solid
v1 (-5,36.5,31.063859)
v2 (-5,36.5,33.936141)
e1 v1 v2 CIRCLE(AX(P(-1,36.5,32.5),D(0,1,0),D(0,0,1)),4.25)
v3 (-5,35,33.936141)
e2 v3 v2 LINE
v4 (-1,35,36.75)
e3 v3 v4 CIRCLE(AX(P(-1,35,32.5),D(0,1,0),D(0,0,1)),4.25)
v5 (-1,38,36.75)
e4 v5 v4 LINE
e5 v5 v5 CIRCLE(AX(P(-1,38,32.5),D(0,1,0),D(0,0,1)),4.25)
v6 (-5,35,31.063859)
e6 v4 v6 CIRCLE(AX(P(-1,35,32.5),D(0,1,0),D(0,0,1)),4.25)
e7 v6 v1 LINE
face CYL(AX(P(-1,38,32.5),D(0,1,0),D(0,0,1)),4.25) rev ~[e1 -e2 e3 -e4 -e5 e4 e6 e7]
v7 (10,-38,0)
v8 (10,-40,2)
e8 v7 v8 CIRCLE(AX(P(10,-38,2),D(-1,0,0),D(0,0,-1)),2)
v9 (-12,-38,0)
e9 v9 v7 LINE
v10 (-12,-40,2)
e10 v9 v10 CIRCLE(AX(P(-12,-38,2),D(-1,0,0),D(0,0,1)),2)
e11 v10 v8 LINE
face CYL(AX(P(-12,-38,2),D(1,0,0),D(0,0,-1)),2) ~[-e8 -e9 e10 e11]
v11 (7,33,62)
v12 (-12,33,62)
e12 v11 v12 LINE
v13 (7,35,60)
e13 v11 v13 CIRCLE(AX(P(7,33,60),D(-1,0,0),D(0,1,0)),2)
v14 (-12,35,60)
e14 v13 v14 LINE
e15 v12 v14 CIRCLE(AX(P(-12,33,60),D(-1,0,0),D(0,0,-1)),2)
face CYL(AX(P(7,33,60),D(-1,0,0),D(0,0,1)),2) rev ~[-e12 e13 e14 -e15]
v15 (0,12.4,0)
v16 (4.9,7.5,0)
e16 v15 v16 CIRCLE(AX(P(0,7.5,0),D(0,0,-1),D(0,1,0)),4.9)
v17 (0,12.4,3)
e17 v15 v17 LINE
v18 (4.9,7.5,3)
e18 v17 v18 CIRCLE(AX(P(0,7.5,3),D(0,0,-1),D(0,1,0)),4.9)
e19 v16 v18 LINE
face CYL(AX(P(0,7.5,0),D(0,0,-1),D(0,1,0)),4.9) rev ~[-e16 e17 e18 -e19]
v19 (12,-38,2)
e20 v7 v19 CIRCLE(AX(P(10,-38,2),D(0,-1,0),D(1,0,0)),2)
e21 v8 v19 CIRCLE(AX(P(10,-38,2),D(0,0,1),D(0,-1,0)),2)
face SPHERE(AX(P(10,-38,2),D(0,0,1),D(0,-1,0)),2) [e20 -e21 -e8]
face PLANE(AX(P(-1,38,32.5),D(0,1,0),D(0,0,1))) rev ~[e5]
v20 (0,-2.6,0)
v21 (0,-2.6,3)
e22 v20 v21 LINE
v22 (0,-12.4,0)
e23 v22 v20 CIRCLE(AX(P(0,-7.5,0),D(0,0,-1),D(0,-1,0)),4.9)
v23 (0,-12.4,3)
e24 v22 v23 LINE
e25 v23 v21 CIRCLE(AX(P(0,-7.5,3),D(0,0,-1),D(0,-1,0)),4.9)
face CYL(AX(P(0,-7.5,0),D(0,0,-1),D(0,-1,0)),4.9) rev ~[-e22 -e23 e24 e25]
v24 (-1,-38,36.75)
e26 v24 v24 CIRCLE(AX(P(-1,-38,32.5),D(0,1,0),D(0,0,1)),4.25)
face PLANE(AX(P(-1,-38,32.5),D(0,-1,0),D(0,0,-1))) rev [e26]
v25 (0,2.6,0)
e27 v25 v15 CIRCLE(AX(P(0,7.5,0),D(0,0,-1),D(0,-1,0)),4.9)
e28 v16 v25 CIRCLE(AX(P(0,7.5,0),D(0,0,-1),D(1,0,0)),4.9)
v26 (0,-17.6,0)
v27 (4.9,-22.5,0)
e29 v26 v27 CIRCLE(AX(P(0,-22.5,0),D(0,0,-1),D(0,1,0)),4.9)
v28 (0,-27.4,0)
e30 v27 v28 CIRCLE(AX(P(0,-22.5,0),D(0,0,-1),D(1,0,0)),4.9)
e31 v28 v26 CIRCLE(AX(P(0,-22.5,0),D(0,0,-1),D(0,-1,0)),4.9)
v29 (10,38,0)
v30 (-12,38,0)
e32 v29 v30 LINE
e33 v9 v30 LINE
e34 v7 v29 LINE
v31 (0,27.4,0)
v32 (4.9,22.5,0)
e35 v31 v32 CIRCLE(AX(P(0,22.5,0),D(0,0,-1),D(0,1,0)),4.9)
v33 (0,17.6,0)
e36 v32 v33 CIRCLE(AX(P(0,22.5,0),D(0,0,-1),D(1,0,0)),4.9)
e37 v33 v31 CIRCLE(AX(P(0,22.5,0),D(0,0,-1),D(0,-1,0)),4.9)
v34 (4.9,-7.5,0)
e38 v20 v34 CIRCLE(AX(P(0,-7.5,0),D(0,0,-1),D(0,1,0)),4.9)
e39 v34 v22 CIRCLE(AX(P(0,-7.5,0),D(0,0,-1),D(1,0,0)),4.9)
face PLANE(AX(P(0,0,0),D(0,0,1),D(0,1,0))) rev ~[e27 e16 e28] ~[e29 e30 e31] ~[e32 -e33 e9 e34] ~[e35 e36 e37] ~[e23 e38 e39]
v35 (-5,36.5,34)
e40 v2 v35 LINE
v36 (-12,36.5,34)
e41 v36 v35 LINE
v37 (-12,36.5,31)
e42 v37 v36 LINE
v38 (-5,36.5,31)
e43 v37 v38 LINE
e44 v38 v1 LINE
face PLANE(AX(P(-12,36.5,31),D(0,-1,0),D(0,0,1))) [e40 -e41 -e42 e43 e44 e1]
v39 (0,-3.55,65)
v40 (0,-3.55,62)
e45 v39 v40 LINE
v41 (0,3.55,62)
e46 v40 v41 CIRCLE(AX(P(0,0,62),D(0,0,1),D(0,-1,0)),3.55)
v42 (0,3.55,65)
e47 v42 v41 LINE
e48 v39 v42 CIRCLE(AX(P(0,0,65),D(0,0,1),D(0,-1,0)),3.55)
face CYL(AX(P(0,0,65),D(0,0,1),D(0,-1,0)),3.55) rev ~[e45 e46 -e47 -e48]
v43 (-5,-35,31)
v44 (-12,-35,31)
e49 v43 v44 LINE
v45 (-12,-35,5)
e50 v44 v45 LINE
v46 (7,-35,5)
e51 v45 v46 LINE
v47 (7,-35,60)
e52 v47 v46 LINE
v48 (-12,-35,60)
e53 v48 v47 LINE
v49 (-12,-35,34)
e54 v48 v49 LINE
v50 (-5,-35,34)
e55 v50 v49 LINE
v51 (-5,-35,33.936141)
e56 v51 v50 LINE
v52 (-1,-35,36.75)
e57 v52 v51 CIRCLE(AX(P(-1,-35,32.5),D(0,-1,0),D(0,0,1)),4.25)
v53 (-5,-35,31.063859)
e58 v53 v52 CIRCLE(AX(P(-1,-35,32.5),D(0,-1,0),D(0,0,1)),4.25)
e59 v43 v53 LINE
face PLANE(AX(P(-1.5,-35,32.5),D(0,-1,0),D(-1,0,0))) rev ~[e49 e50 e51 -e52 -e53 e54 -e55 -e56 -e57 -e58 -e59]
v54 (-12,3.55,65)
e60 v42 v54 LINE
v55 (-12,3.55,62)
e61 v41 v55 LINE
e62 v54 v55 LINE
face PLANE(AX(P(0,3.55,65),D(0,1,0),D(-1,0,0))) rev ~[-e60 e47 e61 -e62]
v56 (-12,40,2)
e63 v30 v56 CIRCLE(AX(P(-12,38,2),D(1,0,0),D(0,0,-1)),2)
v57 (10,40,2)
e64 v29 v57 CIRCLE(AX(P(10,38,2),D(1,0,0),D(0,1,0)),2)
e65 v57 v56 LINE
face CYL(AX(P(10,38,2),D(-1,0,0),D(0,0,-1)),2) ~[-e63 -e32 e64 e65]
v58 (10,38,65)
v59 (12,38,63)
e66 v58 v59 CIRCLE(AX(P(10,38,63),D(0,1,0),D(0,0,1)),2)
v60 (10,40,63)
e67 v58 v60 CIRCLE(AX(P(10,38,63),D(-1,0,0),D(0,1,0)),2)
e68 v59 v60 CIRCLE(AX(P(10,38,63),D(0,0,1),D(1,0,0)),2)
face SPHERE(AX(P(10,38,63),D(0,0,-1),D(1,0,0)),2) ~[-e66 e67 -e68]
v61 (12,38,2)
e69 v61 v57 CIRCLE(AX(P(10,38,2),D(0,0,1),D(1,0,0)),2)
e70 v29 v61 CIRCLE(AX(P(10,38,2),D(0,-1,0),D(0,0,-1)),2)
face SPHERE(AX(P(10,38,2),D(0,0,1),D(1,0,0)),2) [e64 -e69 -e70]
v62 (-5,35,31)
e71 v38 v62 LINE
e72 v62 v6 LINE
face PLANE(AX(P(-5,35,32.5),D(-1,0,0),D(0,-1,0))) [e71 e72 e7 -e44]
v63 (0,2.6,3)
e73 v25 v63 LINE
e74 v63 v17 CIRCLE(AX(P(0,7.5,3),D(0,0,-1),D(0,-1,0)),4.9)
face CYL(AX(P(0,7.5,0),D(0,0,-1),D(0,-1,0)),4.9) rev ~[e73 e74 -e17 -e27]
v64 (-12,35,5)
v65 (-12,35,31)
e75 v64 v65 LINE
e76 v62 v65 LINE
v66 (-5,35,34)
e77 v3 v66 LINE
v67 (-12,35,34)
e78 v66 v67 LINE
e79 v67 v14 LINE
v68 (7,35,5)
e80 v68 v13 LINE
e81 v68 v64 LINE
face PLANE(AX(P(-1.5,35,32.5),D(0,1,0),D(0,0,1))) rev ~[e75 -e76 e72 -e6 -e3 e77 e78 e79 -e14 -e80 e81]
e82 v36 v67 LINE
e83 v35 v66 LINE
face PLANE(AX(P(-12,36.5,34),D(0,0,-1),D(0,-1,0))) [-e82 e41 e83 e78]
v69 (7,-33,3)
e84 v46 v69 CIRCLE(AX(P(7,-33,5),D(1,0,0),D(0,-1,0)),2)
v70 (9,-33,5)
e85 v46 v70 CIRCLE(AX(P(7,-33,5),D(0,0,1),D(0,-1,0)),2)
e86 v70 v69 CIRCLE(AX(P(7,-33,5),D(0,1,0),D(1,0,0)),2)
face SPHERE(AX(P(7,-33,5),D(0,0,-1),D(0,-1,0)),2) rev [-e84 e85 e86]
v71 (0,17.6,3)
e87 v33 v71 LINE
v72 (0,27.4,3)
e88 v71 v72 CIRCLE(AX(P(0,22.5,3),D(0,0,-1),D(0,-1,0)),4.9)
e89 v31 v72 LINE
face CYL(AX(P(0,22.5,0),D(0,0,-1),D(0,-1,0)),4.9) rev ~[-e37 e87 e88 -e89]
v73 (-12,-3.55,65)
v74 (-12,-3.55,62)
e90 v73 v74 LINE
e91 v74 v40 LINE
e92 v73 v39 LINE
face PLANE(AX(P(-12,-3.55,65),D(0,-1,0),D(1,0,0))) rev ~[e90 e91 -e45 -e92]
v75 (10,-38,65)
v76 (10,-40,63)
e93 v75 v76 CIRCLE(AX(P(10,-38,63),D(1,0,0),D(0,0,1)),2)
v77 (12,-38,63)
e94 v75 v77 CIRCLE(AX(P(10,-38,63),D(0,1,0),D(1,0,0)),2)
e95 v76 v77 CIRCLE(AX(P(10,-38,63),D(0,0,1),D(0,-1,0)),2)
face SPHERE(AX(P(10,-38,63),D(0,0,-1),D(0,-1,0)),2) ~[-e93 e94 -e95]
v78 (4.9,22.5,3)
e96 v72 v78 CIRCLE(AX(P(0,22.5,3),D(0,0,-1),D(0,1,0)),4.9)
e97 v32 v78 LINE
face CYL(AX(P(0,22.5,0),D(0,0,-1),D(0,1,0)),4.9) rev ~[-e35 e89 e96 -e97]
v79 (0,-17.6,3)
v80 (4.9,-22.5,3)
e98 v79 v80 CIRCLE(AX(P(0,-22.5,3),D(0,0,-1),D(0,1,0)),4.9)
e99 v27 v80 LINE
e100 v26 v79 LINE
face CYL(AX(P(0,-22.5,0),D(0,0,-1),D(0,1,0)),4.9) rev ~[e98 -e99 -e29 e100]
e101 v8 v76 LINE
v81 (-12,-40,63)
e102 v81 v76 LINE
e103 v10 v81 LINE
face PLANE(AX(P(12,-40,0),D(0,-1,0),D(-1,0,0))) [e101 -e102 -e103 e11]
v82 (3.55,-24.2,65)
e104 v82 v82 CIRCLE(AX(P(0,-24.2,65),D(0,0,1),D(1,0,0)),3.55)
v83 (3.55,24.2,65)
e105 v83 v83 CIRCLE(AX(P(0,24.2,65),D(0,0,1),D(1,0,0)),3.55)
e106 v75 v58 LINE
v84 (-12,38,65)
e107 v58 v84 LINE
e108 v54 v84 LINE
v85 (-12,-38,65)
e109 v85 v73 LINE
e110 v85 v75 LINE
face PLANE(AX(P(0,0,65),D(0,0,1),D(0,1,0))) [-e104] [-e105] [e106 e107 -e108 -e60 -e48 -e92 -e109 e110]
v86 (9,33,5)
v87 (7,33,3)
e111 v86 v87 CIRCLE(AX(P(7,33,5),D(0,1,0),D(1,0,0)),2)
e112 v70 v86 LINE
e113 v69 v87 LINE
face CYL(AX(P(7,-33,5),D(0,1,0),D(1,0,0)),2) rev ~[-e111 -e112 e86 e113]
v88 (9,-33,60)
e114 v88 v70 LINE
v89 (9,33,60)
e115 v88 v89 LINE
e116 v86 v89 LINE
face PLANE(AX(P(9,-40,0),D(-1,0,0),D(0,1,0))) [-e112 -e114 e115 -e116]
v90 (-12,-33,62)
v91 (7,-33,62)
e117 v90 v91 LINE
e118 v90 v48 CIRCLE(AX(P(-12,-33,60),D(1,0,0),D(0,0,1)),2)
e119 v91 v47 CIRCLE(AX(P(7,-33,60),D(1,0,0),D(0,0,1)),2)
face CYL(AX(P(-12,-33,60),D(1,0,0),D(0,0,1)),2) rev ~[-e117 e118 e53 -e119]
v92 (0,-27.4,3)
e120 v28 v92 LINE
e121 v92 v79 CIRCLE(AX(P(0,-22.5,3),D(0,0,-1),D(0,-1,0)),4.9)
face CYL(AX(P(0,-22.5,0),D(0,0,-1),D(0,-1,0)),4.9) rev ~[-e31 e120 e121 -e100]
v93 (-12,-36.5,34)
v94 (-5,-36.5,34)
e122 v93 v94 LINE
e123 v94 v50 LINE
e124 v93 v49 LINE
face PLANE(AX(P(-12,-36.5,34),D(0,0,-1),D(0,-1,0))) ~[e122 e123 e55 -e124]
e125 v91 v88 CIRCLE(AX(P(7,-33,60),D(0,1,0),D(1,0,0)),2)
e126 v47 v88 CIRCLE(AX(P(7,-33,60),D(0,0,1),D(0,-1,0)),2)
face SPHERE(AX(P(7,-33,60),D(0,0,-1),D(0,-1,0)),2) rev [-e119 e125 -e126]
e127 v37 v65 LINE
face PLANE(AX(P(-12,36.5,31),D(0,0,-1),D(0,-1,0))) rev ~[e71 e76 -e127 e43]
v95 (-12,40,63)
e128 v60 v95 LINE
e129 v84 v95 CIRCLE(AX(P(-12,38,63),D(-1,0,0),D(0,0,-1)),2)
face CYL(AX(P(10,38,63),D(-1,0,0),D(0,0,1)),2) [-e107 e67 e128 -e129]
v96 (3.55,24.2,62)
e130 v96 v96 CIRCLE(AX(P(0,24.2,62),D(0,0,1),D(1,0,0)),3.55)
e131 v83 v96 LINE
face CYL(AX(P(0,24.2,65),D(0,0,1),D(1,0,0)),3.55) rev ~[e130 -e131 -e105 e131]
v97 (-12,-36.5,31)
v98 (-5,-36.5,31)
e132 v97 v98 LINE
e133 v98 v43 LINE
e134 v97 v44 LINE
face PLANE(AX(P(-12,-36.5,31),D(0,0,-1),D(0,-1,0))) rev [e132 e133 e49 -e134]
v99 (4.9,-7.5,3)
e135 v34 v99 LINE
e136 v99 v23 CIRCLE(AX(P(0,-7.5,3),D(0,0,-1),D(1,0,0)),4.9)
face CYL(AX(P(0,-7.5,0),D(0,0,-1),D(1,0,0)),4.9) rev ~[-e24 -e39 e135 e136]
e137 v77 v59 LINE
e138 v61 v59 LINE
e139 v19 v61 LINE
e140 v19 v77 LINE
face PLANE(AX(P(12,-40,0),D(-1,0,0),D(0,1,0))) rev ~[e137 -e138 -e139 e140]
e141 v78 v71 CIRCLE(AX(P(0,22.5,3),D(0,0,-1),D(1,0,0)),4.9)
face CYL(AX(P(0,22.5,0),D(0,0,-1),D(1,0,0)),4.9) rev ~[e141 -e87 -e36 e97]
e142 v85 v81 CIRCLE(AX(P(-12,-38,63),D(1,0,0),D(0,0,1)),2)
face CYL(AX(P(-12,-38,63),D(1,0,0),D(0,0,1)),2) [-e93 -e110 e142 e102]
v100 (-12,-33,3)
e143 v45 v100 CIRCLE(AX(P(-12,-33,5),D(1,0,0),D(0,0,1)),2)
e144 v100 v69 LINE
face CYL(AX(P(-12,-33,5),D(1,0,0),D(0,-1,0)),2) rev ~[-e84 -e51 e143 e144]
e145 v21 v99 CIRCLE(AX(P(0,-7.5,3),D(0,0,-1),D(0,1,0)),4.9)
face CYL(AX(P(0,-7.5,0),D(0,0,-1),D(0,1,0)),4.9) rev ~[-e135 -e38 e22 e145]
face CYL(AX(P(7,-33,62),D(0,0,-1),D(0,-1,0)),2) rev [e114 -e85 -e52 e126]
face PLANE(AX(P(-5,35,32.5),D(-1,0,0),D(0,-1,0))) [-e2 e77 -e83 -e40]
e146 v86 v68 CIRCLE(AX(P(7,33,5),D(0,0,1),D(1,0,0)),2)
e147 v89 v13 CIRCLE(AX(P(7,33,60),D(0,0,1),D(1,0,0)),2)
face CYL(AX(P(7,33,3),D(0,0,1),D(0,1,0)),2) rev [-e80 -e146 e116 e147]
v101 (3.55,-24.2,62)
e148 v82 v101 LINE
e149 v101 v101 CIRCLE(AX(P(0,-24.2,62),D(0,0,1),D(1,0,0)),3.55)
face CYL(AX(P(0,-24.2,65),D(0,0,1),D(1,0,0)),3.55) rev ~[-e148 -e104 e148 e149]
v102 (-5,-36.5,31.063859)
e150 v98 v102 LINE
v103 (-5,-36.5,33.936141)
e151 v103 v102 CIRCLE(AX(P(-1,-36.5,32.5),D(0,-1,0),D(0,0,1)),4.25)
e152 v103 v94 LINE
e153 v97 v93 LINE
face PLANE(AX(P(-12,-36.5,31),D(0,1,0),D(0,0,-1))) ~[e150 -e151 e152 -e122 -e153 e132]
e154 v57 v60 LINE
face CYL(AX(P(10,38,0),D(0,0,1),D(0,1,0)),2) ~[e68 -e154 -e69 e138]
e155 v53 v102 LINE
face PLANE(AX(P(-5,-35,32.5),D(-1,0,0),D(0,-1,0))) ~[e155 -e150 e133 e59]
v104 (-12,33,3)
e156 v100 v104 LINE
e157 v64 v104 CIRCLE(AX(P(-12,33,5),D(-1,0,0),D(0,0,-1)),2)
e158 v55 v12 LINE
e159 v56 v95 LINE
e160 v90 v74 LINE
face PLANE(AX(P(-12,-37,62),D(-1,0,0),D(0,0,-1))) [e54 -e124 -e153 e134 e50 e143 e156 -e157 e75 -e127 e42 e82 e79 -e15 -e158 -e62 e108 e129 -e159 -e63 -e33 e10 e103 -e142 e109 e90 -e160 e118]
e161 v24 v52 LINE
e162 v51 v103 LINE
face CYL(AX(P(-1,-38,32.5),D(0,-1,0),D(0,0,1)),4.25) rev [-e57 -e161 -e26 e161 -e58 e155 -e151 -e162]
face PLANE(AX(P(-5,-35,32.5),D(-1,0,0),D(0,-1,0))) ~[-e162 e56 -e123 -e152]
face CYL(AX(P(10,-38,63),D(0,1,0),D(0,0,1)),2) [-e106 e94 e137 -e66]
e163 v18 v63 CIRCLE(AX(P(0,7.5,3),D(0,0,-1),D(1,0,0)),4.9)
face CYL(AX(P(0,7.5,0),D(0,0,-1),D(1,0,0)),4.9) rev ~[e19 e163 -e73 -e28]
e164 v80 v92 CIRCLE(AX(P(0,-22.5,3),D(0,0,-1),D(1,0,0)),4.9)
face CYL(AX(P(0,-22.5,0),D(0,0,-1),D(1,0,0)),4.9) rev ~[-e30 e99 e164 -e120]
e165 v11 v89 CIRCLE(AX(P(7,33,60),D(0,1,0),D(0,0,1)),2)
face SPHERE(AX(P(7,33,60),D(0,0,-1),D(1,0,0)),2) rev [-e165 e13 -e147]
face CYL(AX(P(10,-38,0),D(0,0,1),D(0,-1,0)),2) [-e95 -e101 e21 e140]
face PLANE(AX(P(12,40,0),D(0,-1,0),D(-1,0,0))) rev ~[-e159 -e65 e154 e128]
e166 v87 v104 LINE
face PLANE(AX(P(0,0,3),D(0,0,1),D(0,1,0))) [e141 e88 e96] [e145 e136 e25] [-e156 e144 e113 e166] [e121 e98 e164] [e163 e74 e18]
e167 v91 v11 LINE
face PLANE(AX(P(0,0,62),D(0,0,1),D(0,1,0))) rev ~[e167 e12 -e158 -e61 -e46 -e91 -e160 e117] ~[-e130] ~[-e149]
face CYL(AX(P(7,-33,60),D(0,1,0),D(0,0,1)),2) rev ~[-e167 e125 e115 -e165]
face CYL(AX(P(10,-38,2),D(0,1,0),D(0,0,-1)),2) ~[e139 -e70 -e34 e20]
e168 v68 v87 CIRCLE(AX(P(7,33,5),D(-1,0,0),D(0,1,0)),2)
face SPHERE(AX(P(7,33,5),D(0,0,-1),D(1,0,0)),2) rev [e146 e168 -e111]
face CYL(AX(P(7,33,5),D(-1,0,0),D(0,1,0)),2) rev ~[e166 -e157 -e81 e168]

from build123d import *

# Parameters (mm, degrees)
SKETCH1_W                                   = 80
SKETCH1_H                                   = 24
BOSS_EXTRUDE1_DEPTH                         = 65
F_2_MM_TOP_BOT_3_MM_SIDE_T                  = -3
F_2_MM_TOP_BOT_3_MM_SIDE_THICKNESS_2_FACE_W = 59
F_2_MM_TOP_BOT_3_MM_SIDE_THICKNESS_2_FACE_H = 21
F_2_MM_TOP_BOT_3_MM_SIDE_THICKNESS_2_DEPTH  = 2
F_2_MM_TOP_BOT_3_MM_SIDE_THICKNESS_3_FACE_W = 21
F_2_MM_TOP_BOT_3_MM_SIDE_THICKNESS_3_FACE_H = 59
F_2_MM_TOP_BOT_3_MM_SIDE_THICKNESS_3_DEPTH  = 2
F_9_8_MM_PORT_HOLES_DEPTH                   = 3
SKETCH4_R                                   = 3.55
F_7_1_MM_FIXTURE_HOLES_DEPTH                = 10
F_2_MM_RADIUS_R                             = 2
F_8_5_START                                 = -2
SKETCH7_R                                   = 4.25
F_8_5_MM_HOLD_OFFSET_2_MM_DEPTH             = 3.2
R2_FILET_R                                  = 2
SKETCH8_W                                   = 3
SKETCH8_H                                   = 3
F_7_MM_NOTCH_DEPTH                          = 7


with BuildPart() as part:
    # Sketch1 → Boss-Extrude1 (new body)
    with BuildSketch(Plane(origin=(0, 0, 0), x_dir=(0, 1, 0), z_dir=(0, 0, 1))):
        Rectangle(SKETCH1_W, SKETCH1_H)
    extrude(amount=BOSS_EXTRUDE1_DEPTH)

    # 2 mm top/bot 3 mm side
    f_2_mm_top_bot_3_mm_side_openings = [part.faces().sort_by_distance(p)[0] for p in [
        (-12, 0, 32.5),
    ]]
    offset(amount=F_2_MM_TOP_BOT_3_MM_SIDE_T, openings=f_2_mm_top_bot_3_mm_side_openings, kind=Kind.INTERSECTION)

    # 2 mm top/bot 3 mm side thickness 2 face (on inner face of the shell) → 2 mm top/bot 3 mm side thickness 2 (add)
    with BuildSketch(Plane(origin=(-1.5, 37, 32.5), x_dir=(0, 0, 1), z_dir=(0, 1, 0))):
        Rectangle(F_2_MM_TOP_BOT_3_MM_SIDE_THICKNESS_2_FACE_W, F_2_MM_TOP_BOT_3_MM_SIDE_THICKNESS_2_FACE_H)
    extrude(amount=-F_2_MM_TOP_BOT_3_MM_SIDE_THICKNESS_2_DEPTH)

    # 2 mm top/bot 3 mm side thickness 3 face (on inner face of the shell) → 2 mm top/bot 3 mm side thickness 3 (add)
    with BuildSketch(Plane(origin=(-1.5, -37, 32.5), x_dir=(-1, 0, 0), z_dir=(0, -1, 0))):
        Rectangle(F_2_MM_TOP_BOT_3_MM_SIDE_THICKNESS_3_FACE_W, F_2_MM_TOP_BOT_3_MM_SIDE_THICKNESS_3_FACE_H)
    extrude(amount=-F_2_MM_TOP_BOT_3_MM_SIDE_THICKNESS_3_DEPTH)

    # Sketch3 → 9.8 mm port holes (cut)
    with BuildSketch(Plane(origin=(0, 0, 0), x_dir=(1, 0, 0), z_dir=(0, 0, -1))):
        with BuildLine():
            ThreePointArc((4.9, 22.5), (3.464823228, 25.964823228), (0, 27.4))
            Line((0, 27.4), (0, 17.6))
            ThreePointArc((0, 17.6), (3.464823228, 19.035176772), (4.9, 22.5))
        make_face()
        with BuildLine():
            Line((0, 17.6), (0, 27.4))
            ThreePointArc((0, 27.4), (-4.9, 22.5), (0, 17.6))
        make_face()
        with BuildLine():
            ThreePointArc((4.9, 7.5), (3.464823228, 10.964823228), (0, 12.4))
            Line((0, 12.4), (0, 2.6))
            ThreePointArc((0, 2.6), (3.464823228, 4.035176772), (4.9, 7.5))
        make_face()
        with BuildLine():
            Line((0, 2.6), (0, 12.4))
            ThreePointArc((0, 12.4), (-4.9, 7.5), (0, 2.6))
        make_face()
        with BuildLine():
            ThreePointArc((4.9, -7.5), (3.464823228, -4.035176772), (0, -2.6))
            Line((0, -2.6), (0, -12.4))
            ThreePointArc((0, -12.4), (3.464823228, -10.964823228), (4.9, -7.5))
        make_face()
        with BuildLine():
            Line((0, -12.4), (0, -2.6))
            ThreePointArc((0, -2.6), (-4.9, -7.5), (0, -12.4))
        make_face()
        with BuildLine():
            ThreePointArc((4.9, -22.5), (3.464823228, -19.035176772), (0, -17.6))
            Line((0, -17.6), (0, -27.4))
            ThreePointArc((0, -27.4), (3.464823228, -25.964823228), (4.9, -22.5))
        make_face()
        with BuildLine():
            Line((0, -27.4), (0, -17.6))
            ThreePointArc((0, -17.6), (-4.9, -22.5), (0, -27.4))
        make_face()
    extrude(amount=-F_9_8_MM_PORT_HOLES_DEPTH, mode=Mode.SUBTRACT)

    # Sketch4 → 7.1 mm fixture holes (cut)
    with BuildSketch(Plane.XY.offset(65)):
        with Locations((0, 24.2)):
            Circle(SKETCH4_R)
        Circle(SKETCH4_R)
        with Locations((0, -24.2)):
            Circle(SKETCH4_R)
        with BuildLine():
            ThreePointArc((0, -3.55), (-3.55, 0), (0, 3.55))
            Line((0, 3.55), (-12, 3.55))
            Line((-12, 3.55), (-12, -3.55))
            Line((-12, -3.55), (0, -3.55))
        make_face()
    extrude(amount=-F_7_1_MM_FIXTURE_HOLES_DEPTH, mode=Mode.SUBTRACT)

    # 2 mm radius
    f_2_mm_radius_edges = [part.edges().sort_by_distance(p)[0] for p in [
        (9, -35, 32.5),
        (9, 35, 32.5),
        (12, -40, 32.5),
        (12, 40, 32.5),
    ]]
    fillet(f_2_mm_radius_edges, radius=F_2_MM_RADIUS_R)

    # Sketch7 → 8.5 mm hold offset 2 mm (cut)
    with BuildSketch(Plane(origin=(0, 40, 0), x_dir=(-1, 0, 0), z_dir=(0, 1, 0)).offset(F_8_5_START)):
        with Locations(Location((1, 32.5, 0), (0, 0, 90))):
            Circle(SKETCH7_R)
    f_8_5_mm_hold_offset_2_mm = extrude(amount=-F_8_5_MM_HOLD_OFFSET_2_MM_DEPTH, mode=Mode.SUBTRACT)

    # magnet slot mirror: 8.5 mm hold offset 2 mm across plane
    add(f_8_5_mm_hold_offset_2_mm.mirror(Plane.ZX), mode=Mode.SUBTRACT)

    # R2 filet
    r2_filet_edges = [part.edges().sort_by_distance(p)[0] for p in [
        (9, 0, 3),
        (9, 0, 62),
        (-2.5, 35, 3),
        (-2.5, -35, 3),
        (8.414213562, -34.414213562, 3),
        (8.414213562, 34.414213562, 3),
        (-2.5, 35, 62),
        (-2.5, -35, 62),
        (8.414213562, -34.414213562, 62),
        (8.414213562, 34.414213562, 62),
        (12, 0, 0),
        (12, 0, 65),
        (-1, -40, 0),
        (-1, 40, 0),
        (11.414213562, 39.414213562, 0),
        (11.414213562, -39.414213562, 0),
        (-1, -40, 65),
        (-1, 40, 65),
        (11.414213562, 39.414213562, 65),
        (11.414213562, -39.414213562, 65),
    ]]
    fillet(r2_filet_edges, radius=R2_FILET_R)

    # Sketch8 → 7 mm notch (cut)
    with BuildSketch(Plane(origin=(-12, 0, 0), x_dir=(0, -1, 0), z_dir=(-1, 0, 0))):
        with Locations((-35, 32.5)):
            Rectangle(SKETCH8_W, SKETCH8_H)
    f_7_mm_notch = extrude(amount=-F_7_MM_NOTCH_DEPTH, mode=Mode.SUBTRACT)

    # 7 mm notch mirror: 7 mm notch across plane
    add(f_7_mm_notch.mirror(Plane.ZX), mode=Mode.SUBTRACT)


solid = part.part
